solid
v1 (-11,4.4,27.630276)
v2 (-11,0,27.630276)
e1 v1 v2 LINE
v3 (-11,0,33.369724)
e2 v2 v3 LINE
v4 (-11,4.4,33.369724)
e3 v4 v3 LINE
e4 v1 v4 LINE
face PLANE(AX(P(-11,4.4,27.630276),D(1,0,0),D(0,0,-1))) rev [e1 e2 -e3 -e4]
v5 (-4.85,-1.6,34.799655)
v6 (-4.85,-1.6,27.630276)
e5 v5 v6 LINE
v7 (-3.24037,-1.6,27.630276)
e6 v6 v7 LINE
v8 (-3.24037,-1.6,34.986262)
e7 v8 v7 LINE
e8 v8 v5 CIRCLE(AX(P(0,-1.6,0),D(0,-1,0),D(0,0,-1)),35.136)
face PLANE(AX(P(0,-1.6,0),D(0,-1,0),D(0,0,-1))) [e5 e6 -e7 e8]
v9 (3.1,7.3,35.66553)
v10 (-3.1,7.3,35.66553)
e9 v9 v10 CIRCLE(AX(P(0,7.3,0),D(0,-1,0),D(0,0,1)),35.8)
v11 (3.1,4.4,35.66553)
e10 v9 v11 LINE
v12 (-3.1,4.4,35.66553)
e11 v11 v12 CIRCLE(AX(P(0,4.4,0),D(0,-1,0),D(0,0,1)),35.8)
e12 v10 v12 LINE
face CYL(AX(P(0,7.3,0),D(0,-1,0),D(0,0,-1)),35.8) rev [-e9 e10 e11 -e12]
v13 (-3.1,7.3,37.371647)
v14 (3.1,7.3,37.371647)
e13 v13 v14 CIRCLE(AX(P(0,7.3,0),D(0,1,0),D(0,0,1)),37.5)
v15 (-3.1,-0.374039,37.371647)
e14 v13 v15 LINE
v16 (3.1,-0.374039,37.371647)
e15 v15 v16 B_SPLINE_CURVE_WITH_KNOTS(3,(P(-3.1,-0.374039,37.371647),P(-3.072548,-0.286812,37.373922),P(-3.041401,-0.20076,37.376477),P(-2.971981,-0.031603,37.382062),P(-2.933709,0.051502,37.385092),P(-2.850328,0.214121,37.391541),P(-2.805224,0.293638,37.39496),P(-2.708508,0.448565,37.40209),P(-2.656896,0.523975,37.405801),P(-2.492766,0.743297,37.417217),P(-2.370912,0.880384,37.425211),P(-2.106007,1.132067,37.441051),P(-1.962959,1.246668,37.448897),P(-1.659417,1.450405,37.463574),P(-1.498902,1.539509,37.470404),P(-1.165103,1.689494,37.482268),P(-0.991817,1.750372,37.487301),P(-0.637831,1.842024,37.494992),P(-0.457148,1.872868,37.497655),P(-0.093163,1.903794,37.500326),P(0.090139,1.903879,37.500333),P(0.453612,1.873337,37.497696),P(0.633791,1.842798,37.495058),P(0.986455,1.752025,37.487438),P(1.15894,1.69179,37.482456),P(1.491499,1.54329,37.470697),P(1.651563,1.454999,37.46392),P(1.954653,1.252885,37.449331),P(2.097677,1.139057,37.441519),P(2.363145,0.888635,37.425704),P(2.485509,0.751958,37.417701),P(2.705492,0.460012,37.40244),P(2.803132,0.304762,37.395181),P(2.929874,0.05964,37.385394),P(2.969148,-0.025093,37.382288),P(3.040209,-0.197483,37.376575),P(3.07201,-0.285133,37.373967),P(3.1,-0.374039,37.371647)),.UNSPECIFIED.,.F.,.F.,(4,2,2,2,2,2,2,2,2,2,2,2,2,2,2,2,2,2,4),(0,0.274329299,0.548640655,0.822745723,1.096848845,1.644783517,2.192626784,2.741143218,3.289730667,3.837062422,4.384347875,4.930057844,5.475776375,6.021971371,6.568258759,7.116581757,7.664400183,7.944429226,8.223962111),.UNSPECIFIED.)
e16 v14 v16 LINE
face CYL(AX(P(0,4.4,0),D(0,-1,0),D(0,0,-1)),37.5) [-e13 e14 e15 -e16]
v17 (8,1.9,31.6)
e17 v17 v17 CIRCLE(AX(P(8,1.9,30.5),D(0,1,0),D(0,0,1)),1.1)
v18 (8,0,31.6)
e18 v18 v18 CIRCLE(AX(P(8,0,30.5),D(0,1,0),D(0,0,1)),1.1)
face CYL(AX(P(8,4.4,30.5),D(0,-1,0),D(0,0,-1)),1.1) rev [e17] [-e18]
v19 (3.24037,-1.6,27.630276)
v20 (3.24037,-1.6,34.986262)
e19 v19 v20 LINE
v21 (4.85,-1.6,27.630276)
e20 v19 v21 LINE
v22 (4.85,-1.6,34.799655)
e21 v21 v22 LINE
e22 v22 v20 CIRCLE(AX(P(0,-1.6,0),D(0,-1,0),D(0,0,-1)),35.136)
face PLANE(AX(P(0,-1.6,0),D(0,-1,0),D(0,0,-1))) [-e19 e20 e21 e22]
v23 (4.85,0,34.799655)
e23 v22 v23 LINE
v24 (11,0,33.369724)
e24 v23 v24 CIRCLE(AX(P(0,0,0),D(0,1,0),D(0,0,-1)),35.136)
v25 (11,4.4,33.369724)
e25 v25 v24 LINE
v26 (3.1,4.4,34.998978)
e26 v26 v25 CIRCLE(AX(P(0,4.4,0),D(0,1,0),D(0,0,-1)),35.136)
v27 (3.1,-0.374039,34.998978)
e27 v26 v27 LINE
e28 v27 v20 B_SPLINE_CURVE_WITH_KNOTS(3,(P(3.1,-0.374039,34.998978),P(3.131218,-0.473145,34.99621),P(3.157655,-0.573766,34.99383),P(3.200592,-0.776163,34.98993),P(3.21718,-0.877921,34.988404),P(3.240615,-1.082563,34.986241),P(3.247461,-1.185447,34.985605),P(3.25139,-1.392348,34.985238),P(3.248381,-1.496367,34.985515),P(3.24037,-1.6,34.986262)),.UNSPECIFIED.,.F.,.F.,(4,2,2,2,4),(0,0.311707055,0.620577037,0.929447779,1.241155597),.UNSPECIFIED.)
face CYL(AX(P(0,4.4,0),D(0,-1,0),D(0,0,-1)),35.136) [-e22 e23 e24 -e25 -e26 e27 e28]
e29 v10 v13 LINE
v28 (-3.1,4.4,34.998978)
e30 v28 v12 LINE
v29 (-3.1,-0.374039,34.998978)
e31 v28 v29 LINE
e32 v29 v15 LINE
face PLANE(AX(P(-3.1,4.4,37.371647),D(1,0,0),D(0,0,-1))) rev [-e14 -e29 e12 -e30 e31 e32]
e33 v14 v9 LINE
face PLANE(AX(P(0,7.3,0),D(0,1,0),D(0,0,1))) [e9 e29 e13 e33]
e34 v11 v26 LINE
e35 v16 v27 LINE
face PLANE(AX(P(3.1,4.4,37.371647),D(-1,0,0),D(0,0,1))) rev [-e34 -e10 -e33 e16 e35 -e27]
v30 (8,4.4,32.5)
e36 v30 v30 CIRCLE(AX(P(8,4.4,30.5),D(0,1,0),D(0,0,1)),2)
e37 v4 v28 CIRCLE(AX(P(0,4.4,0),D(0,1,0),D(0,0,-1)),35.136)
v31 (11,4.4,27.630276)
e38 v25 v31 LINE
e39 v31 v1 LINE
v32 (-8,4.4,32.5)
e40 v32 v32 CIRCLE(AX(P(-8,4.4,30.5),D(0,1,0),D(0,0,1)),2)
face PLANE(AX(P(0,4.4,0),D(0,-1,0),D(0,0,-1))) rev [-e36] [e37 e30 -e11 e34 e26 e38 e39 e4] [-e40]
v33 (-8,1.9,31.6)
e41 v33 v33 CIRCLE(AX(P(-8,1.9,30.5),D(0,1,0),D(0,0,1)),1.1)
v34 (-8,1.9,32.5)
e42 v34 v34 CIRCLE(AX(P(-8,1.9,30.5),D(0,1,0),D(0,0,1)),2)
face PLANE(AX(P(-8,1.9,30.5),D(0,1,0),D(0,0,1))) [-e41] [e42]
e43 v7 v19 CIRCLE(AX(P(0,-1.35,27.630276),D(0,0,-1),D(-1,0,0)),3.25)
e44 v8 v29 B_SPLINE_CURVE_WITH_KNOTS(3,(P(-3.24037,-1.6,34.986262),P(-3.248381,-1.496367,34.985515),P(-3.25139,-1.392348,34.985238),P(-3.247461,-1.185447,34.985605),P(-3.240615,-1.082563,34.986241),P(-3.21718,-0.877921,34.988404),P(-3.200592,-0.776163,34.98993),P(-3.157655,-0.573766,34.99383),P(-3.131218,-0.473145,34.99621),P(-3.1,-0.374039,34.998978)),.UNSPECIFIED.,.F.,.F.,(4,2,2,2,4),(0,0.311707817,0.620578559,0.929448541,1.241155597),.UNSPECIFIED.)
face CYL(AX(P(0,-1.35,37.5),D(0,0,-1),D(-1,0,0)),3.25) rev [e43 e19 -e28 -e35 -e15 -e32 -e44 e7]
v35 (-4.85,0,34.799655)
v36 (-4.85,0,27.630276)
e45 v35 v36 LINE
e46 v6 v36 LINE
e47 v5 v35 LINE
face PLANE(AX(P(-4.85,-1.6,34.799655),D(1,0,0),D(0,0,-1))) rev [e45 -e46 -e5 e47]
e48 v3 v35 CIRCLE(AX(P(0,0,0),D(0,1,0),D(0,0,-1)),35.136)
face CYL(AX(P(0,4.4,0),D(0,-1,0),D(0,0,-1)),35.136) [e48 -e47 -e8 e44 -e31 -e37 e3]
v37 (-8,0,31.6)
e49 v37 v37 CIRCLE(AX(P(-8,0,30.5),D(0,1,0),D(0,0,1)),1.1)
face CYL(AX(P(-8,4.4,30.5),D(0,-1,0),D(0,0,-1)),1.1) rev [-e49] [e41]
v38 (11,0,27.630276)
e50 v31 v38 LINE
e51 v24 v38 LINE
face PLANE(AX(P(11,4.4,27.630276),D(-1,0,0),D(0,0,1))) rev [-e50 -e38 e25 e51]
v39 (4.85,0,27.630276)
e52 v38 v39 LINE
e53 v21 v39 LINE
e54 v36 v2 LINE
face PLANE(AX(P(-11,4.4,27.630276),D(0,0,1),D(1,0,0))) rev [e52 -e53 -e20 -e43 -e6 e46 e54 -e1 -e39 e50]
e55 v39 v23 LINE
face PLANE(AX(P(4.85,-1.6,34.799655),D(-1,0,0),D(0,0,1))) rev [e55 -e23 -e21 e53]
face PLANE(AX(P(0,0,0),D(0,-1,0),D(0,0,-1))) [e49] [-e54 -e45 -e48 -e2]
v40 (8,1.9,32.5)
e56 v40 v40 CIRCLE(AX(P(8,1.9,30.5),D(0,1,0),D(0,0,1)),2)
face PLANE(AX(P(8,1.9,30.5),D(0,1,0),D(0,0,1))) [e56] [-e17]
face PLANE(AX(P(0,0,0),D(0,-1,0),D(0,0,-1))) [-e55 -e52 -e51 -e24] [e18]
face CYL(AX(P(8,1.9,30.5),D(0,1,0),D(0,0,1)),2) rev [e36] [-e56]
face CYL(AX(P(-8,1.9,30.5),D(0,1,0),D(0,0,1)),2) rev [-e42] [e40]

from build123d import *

# Parameters (mm, degrees)
SKETCH1_R           = 1.1
BOSS_EXTRUDE1_DEPTH = 4.4
BOSS_EXTRUDE2_DEPTH = 2.9
SKETCH3_R           = 2
CUT_EXTRUDE1_DEPTH  = 2.5
BOSS_EXTRUDE3_DEPTH = 1.6
SKETCH6_R           = 3.25
CUT_EXTRUDE2_DEPTH  = 10.869724242


with BuildPart() as part:
    # Sketch1 → Boss-Extrude1 (new body)
    with BuildSketch(Plane(origin=(0, 0, 0), x_dir=(1, 0, 0), z_dir=(0, 1, 0))):
        with BuildLine():
            Line((-3.1, -37.371647007), (-3.1, -34.998978499))
            ThreePointArc((-3.1, -34.998978499), (-7.096909, -34.411805803), (-11, -33.369724242))
            Line((-11, -33.369724242), (-11, -27.630275758))
            Line((-11, -27.630275758), (11, -27.630275758))
            Line((11, -27.630275758), (11, -33.369724242))
            ThreePointArc((11, -33.369724242), (7.096909, -34.411805803), (3.1, -34.998978499))
            Line((3.1, -34.998978499), (3.1, -37.371647007))
            ThreePointArc((3.1, -37.371647007), (0, -37.5), (-3.1, -37.371647007))
        make_face()
        with Locations((-8, -30.5)):
            Circle(SKETCH1_R, mode=Mode.SUBTRACT)
        with Locations((8, -30.5)):
            Circle(SKETCH1_R, mode=Mode.SUBTRACT)
    extrude(amount=BOSS_EXTRUDE1_DEPTH)

    # Sketch2 → Boss-Extrude2 (add)
    with BuildSketch(Plane(origin=(0, 4.4, 0), x_dir=(1, 0, 0), z_dir=(0, 1, 0))):
        with BuildLine():
            Line((3.1, -37.371647007), (3.1, -35.665529577))
            ThreePointArc((3.1, -35.665529577), (0, -35.8), (-3.1, -35.665529577))
            Line((-3.1, -35.665529577), (-3.1, -37.371647007))
            ThreePointArc((-3.1, -37.371647007), (0, -37.5), (3.1, -37.371647007))
        make_face()
    extrude(amount=BOSS_EXTRUDE2_DEPTH)

    # Sketch3 → Cut-Extrude1 (cut)
    with BuildSketch(Plane(origin=(0, 4.4, 0), x_dir=(1, 0, 0), z_dir=(0, 1, 0))):
        with Locations((-8, -30.5)):
            Circle(SKETCH3_R)
        with Locations((8, -30.5)):
            Circle(SKETCH3_R)
    extrude(amount=-CUT_EXTRUDE1_DEPTH, mode=Mode.SUBTRACT)

    # Sketch5 → Boss-Extrude3 (add)
    with BuildSketch(Plane.XZ):
        with BuildLine():
            Line((-4.85, 34.799655113), (-4.85, 27.630275758))
            Line((-4.85, 27.630275758), (4.85, 27.630275758))
            Line((4.85, 27.630275758), (4.85, 34.799655113))
            ThreePointArc((4.85, 34.799655113), (3.976249169, 34.910284137), (3.1, 34.998978499))
            Line((3.1, 34.998978499), (3.1, 37.371647007))
            ThreePointArc((3.1, 37.371647007), (0, 37.5), (-3.1, 37.371647007))
            Line((-3.1, 37.371647007), (-3.1, 34.998978499))
            ThreePointArc((-3.1, 34.998978499), (-3.976249169, 34.910284137), (-4.85, 34.799655113))
        make_face()
    extrude(amount=BOSS_EXTRUDE3_DEPTH)

    # Sketch6 → Cut-Extrude2 (cut, through all)
    with BuildSketch(Plane(origin=(0, 0, 27.630275758), x_dir=(-1, 0, 0), z_dir=(0, 0, -1))):
        with Locations((0, -1.35)):
            Circle(SKETCH6_R)
    extrude(amount=-CUT_EXTRUDE2_DEPTH, mode=Mode.SUBTRACT)


solid = part.part
